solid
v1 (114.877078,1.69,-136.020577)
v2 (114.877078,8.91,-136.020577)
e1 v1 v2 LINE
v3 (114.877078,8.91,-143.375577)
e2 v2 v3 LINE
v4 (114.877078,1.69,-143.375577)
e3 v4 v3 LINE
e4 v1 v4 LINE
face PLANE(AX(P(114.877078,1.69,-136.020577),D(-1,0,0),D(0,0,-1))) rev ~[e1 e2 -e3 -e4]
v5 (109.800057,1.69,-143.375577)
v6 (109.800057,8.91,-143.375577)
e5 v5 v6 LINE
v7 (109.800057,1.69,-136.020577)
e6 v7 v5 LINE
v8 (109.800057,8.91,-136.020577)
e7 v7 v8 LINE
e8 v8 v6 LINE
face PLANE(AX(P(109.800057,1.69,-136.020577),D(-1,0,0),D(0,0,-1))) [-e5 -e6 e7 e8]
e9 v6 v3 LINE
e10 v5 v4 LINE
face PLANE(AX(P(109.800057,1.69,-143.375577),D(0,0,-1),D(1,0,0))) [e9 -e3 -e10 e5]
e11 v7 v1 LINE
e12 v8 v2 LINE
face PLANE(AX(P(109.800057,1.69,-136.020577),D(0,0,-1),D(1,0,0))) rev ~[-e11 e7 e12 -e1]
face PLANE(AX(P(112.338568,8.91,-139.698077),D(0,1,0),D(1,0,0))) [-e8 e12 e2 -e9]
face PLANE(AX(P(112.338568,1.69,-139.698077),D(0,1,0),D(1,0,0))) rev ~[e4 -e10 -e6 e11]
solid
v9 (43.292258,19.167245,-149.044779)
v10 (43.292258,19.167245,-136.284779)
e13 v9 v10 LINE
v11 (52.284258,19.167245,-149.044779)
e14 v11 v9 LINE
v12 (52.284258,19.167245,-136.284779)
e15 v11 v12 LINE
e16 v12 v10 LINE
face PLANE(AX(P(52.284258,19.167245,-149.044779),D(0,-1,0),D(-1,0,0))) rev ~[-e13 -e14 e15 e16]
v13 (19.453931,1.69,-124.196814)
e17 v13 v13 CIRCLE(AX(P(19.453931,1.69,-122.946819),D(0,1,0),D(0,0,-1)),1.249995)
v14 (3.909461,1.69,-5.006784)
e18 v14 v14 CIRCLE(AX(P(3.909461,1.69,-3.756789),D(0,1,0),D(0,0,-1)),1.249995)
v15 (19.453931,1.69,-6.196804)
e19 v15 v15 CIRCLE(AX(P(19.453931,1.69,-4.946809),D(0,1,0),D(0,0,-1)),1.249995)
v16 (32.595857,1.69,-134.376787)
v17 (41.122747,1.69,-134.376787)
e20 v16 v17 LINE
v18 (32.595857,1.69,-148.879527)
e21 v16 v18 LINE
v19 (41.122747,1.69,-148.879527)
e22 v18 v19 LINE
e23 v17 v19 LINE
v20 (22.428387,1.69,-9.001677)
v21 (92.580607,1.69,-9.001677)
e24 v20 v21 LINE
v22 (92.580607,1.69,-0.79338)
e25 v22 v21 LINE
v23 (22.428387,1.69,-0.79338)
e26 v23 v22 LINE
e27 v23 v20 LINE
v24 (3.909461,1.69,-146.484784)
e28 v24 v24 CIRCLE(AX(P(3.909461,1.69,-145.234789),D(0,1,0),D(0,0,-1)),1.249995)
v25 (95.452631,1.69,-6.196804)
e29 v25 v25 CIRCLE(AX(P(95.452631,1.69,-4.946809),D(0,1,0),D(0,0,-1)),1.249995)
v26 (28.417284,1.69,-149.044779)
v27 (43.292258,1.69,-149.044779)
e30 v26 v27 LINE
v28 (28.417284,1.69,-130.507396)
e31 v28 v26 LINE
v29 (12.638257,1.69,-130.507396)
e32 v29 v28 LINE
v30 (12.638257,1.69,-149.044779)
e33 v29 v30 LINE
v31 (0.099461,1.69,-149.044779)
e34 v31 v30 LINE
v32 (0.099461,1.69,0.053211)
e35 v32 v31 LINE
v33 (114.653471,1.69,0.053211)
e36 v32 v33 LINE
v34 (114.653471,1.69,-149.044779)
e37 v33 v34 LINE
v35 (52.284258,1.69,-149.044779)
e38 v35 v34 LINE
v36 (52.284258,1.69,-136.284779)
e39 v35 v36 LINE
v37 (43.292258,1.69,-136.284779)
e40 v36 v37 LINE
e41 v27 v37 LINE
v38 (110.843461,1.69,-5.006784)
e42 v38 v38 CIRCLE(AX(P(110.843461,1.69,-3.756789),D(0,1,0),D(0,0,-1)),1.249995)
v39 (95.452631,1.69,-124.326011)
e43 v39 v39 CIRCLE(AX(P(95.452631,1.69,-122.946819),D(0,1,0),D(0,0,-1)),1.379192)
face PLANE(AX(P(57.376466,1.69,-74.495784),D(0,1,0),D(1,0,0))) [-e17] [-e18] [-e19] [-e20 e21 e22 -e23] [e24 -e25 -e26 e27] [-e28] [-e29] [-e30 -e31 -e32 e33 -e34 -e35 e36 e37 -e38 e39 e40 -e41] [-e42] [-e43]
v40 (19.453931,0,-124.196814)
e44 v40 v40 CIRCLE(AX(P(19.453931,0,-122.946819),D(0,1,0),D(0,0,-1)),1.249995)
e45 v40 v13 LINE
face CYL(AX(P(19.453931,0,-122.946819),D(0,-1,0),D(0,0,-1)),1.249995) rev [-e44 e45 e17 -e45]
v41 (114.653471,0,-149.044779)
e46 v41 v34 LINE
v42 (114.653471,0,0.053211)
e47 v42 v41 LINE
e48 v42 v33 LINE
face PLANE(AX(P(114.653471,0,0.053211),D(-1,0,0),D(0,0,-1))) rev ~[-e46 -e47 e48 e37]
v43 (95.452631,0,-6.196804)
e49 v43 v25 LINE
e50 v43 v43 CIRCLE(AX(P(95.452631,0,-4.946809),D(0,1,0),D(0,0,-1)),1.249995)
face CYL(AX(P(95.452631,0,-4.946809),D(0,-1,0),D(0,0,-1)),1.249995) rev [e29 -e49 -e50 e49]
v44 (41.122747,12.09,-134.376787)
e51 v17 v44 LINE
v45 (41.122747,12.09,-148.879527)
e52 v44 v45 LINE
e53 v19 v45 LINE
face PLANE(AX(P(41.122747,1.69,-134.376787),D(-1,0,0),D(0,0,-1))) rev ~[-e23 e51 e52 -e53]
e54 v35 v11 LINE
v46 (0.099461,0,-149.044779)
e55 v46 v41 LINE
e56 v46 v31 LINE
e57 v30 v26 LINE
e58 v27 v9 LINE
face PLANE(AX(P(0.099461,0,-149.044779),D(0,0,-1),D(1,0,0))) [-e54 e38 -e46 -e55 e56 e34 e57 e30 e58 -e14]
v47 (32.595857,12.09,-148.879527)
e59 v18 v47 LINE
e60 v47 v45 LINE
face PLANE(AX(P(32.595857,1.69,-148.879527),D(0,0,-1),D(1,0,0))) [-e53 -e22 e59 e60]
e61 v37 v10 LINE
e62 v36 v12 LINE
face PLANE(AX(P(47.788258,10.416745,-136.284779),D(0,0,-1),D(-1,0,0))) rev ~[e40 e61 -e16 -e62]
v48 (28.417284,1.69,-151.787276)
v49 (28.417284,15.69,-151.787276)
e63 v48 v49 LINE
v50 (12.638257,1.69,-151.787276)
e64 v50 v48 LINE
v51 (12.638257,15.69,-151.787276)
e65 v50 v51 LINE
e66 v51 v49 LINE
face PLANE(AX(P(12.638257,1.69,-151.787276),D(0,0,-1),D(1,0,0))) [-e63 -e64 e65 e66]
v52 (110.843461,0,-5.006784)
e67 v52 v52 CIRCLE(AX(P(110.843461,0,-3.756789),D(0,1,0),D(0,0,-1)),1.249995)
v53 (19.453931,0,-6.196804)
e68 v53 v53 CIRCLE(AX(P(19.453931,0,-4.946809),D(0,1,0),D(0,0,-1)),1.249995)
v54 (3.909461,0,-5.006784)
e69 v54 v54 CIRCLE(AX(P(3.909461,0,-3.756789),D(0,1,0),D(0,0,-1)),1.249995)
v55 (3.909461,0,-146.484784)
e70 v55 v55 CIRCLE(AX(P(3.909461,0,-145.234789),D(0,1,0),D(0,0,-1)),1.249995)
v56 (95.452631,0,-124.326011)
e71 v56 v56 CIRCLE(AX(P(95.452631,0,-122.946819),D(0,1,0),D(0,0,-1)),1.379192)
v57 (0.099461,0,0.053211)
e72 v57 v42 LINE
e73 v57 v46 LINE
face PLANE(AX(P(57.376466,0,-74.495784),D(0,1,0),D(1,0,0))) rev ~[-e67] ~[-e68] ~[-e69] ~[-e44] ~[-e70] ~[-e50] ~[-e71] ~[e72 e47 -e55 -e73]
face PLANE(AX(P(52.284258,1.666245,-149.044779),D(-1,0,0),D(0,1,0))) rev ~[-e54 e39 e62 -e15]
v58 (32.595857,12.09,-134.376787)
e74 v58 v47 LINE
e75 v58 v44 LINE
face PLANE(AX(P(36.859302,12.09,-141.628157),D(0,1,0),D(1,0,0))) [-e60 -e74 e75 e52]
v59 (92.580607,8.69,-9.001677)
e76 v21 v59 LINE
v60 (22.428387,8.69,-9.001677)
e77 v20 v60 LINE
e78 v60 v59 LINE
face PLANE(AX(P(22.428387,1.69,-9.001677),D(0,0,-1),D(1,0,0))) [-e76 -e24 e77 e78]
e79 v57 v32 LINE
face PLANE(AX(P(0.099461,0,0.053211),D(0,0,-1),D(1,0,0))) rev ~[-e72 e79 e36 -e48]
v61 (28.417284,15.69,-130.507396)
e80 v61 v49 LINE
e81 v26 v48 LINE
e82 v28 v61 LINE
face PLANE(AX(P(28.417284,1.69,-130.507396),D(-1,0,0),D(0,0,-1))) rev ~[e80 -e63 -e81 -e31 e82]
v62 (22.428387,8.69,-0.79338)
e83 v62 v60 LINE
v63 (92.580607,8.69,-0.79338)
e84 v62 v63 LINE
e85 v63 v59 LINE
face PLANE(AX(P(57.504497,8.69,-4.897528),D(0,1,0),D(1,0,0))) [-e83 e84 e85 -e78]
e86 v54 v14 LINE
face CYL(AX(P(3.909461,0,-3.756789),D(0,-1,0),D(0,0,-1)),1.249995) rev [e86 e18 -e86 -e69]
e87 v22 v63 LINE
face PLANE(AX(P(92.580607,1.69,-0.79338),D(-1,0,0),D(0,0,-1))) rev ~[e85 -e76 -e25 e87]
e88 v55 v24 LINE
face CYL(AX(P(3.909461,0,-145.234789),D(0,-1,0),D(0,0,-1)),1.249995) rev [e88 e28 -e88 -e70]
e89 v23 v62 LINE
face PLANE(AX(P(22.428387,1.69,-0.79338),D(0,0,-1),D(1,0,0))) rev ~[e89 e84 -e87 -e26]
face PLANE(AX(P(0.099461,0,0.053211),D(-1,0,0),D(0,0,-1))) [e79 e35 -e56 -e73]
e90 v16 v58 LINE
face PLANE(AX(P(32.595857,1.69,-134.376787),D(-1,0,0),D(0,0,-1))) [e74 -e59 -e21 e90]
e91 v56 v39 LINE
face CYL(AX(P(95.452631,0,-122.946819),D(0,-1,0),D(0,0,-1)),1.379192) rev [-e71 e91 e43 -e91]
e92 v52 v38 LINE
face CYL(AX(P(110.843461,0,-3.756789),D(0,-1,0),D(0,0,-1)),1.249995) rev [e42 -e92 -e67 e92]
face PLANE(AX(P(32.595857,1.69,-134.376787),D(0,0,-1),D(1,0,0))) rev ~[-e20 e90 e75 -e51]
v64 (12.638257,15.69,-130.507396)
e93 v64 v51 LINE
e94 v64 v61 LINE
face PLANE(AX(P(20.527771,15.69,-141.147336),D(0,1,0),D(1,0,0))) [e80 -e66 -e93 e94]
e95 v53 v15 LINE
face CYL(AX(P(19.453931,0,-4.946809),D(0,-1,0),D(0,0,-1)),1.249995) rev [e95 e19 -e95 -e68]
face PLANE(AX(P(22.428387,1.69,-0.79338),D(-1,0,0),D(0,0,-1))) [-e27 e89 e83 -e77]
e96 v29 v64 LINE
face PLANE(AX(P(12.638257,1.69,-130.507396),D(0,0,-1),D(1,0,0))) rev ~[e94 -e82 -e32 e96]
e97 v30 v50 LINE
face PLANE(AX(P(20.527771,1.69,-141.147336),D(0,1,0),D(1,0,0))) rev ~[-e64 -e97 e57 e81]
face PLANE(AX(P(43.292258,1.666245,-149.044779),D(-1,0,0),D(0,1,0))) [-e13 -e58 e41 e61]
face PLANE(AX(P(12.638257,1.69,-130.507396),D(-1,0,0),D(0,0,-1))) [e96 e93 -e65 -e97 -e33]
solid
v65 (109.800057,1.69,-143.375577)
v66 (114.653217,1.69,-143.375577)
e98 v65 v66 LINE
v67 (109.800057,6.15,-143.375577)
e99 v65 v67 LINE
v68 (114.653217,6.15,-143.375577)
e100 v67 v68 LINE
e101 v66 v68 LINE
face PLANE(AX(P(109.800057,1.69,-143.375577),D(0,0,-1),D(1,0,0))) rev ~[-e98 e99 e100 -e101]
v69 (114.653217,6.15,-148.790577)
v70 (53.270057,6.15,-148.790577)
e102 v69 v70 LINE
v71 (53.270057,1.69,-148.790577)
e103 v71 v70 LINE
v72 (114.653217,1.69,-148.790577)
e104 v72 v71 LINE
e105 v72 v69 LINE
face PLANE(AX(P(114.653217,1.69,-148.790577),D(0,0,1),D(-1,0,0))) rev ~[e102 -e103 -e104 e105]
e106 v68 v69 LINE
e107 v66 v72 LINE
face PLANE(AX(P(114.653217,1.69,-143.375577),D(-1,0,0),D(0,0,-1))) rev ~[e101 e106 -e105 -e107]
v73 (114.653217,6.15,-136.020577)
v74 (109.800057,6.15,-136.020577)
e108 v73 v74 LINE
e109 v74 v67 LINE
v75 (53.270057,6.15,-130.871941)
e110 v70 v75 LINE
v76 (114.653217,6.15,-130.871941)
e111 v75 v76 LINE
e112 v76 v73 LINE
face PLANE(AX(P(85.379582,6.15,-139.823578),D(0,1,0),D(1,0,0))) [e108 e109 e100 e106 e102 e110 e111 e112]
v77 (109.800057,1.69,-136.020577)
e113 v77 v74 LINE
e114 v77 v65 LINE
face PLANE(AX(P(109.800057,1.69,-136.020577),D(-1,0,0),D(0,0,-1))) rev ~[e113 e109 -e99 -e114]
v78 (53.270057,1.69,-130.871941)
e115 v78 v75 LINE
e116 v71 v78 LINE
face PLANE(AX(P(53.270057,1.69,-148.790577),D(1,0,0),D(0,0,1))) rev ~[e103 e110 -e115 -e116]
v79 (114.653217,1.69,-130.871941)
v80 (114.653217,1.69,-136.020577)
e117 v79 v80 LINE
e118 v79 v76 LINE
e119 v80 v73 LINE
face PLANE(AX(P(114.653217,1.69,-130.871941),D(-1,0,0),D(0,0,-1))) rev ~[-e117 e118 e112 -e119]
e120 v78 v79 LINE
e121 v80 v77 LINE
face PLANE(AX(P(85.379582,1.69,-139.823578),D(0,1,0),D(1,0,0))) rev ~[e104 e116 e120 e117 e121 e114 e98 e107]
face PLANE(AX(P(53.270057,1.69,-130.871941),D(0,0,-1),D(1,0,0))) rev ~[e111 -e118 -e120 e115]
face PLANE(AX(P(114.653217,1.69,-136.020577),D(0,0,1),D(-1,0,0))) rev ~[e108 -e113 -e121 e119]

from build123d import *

# Parameters (mm, degrees)
SKETCH1_W           = 114.55401
SKETCH1_H           = 149.09799
SKETCH1_R           = 1.249995
SKETCH1_R_2         = 1.37919162
BOSS_EXTRUDE1_DEPTH = 1.69
SKETCH2_W           = 15.779027005
SKETCH2_H           = 21.279879663
BOSS_EXTRUDE2_DEPTH = 14
SKETCH2_3_W         = 70.152219837
SKETCH2_3_H         = 8.208296776
BOSS_EXTRUDE3_DEPTH = 7
SKETCH2_4_W         = 8.526889658
SKETCH2_4_H         = 14.502739447
BOSS_EXTRUDE4_DEPTH = 10.4
BOSS_EXTRUDE5_DEPTH = 4.46
SKETCH2_6_W         = 5.077021517
SKETCH2_6_H         = 7.355
BOSS_EXTRUDE6_DEPTH = 7.22
SKETCH3_W           = 8.992
SKETCH3_H           = 17.501
BOSS_EXTRUDE7_DEPTH = 12.76


with BuildPart() as part:
    # Sketch1 → Boss-Extrude1 (new body)
    with BuildSketch(Plane(origin=(0, 0, 0), x_dir=(1, 0, 0), z_dir=(0, 1, 0))):
        with Locations((57.376465546, 74.495783937)):
            Rectangle(SKETCH1_W, SKETCH1_H)
        with Locations((3.909460546, 145.234788937)):
            Circle(SKETCH1_R, mode=Mode.SUBTRACT)
        with Locations((19.453930546, 122.946818937)):
            Circle(SKETCH1_R, mode=Mode.SUBTRACT)
        with Locations((95.452630546, 122.946818937)):
            Circle(SKETCH1_R_2, mode=Mode.SUBTRACT)
        with Locations((3.909460546, 3.756788937)):
            Circle(SKETCH1_R, mode=Mode.SUBTRACT)
        with Locations((19.453930546, 4.946808937)):
            Circle(SKETCH1_R, mode=Mode.SUBTRACT)
        with Locations((95.452630546, 4.946808937)):
            Circle(SKETCH1_R, mode=Mode.SUBTRACT)
        with Locations((110.843460546, 3.756788937)):
            Circle(SKETCH1_R, mode=Mode.SUBTRACT)
    extrude(amount=BOSS_EXTRUDE1_DEPTH)

    # Sketch2 → Boss-Extrude2 (add)
    with BuildSketch(Plane(origin=(0, 1.69, 0), x_dir=(1, 0, 0), z_dir=(0, 1, 0))):
        with Locations((20.527770766, 141.147336322)):
            Rectangle(SKETCH2_W, SKETCH2_H)
    extrude(amount=BOSS_EXTRUDE2_DEPTH)

    # Sketch2<3> → Boss-Extrude3 (add)
    with BuildSketch(Plane(origin=(0, 1.69, 0), x_dir=(1, 0, 0), z_dir=(0, 1, 0))):
        with Locations((57.504496967, 4.897528339)):
            Rectangle(SKETCH2_3_W, SKETCH2_3_H)
    extrude(amount=BOSS_EXTRUDE3_DEPTH)

    # Sketch2<4> → Boss-Extrude4 (add)
    with BuildSketch(Plane(origin=(0, 1.69, 0), x_dir=(1, 0, 0), z_dir=(0, 1, 0))):
        with Locations((36.859301714, 141.628157004)):
            Rectangle(SKETCH2_4_W, SKETCH2_4_H)
    extrude(amount=BOSS_EXTRUDE4_DEPTH)

    # Sketch3 → Boss-Extrude7 (add)
    with BuildSketch(Plane(origin=(0, 0, -149.044778937), x_dir=(-1, 0, 0), z_dir=(0, 0, -1))):
        with Locations((-47.788258207, 10.416744921)):
            Rectangle(SKETCH3_W, SKETCH3_H)
    extrude(amount=-BOSS_EXTRUDE7_DEPTH)


with BuildPart() as body_2:
    # Sketch2<5> → Boss-Extrude5 (new body)
    with BuildSketch(Plane(origin=(0, 1.69, 0), x_dir=(1, 0, 0), z_dir=(0, 1, 0))):
        Polygon((53.270056885, 130.871941106), (114.653216885, 130.871941106), (114.653216885, 136.020576727), (109.800056884, 136.020576727), (109.800056884, 143.375576727), (114.653216885, 143.375576727), (114.653216885, 148.790576727), (53.270056885, 148.790576727), align=None)
    extrude(amount=BOSS_EXTRUDE5_DEPTH)


with BuildPart() as body_3:
    # Sketch2<6> → Boss-Extrude6 (new body)
    with BuildSketch(Plane(origin=(0, 1.69, 0), x_dir=(1, 0, 0), z_dir=(0, 1, 0))):
        with Locations((112.338567643, 139.698076727)):
            Rectangle(SKETCH2_6_W, SKETCH2_6_H)
    extrude(amount=BOSS_EXTRUDE6_DEPTH)


solid = Compound([part.part, body_2.part, body_3.part])
